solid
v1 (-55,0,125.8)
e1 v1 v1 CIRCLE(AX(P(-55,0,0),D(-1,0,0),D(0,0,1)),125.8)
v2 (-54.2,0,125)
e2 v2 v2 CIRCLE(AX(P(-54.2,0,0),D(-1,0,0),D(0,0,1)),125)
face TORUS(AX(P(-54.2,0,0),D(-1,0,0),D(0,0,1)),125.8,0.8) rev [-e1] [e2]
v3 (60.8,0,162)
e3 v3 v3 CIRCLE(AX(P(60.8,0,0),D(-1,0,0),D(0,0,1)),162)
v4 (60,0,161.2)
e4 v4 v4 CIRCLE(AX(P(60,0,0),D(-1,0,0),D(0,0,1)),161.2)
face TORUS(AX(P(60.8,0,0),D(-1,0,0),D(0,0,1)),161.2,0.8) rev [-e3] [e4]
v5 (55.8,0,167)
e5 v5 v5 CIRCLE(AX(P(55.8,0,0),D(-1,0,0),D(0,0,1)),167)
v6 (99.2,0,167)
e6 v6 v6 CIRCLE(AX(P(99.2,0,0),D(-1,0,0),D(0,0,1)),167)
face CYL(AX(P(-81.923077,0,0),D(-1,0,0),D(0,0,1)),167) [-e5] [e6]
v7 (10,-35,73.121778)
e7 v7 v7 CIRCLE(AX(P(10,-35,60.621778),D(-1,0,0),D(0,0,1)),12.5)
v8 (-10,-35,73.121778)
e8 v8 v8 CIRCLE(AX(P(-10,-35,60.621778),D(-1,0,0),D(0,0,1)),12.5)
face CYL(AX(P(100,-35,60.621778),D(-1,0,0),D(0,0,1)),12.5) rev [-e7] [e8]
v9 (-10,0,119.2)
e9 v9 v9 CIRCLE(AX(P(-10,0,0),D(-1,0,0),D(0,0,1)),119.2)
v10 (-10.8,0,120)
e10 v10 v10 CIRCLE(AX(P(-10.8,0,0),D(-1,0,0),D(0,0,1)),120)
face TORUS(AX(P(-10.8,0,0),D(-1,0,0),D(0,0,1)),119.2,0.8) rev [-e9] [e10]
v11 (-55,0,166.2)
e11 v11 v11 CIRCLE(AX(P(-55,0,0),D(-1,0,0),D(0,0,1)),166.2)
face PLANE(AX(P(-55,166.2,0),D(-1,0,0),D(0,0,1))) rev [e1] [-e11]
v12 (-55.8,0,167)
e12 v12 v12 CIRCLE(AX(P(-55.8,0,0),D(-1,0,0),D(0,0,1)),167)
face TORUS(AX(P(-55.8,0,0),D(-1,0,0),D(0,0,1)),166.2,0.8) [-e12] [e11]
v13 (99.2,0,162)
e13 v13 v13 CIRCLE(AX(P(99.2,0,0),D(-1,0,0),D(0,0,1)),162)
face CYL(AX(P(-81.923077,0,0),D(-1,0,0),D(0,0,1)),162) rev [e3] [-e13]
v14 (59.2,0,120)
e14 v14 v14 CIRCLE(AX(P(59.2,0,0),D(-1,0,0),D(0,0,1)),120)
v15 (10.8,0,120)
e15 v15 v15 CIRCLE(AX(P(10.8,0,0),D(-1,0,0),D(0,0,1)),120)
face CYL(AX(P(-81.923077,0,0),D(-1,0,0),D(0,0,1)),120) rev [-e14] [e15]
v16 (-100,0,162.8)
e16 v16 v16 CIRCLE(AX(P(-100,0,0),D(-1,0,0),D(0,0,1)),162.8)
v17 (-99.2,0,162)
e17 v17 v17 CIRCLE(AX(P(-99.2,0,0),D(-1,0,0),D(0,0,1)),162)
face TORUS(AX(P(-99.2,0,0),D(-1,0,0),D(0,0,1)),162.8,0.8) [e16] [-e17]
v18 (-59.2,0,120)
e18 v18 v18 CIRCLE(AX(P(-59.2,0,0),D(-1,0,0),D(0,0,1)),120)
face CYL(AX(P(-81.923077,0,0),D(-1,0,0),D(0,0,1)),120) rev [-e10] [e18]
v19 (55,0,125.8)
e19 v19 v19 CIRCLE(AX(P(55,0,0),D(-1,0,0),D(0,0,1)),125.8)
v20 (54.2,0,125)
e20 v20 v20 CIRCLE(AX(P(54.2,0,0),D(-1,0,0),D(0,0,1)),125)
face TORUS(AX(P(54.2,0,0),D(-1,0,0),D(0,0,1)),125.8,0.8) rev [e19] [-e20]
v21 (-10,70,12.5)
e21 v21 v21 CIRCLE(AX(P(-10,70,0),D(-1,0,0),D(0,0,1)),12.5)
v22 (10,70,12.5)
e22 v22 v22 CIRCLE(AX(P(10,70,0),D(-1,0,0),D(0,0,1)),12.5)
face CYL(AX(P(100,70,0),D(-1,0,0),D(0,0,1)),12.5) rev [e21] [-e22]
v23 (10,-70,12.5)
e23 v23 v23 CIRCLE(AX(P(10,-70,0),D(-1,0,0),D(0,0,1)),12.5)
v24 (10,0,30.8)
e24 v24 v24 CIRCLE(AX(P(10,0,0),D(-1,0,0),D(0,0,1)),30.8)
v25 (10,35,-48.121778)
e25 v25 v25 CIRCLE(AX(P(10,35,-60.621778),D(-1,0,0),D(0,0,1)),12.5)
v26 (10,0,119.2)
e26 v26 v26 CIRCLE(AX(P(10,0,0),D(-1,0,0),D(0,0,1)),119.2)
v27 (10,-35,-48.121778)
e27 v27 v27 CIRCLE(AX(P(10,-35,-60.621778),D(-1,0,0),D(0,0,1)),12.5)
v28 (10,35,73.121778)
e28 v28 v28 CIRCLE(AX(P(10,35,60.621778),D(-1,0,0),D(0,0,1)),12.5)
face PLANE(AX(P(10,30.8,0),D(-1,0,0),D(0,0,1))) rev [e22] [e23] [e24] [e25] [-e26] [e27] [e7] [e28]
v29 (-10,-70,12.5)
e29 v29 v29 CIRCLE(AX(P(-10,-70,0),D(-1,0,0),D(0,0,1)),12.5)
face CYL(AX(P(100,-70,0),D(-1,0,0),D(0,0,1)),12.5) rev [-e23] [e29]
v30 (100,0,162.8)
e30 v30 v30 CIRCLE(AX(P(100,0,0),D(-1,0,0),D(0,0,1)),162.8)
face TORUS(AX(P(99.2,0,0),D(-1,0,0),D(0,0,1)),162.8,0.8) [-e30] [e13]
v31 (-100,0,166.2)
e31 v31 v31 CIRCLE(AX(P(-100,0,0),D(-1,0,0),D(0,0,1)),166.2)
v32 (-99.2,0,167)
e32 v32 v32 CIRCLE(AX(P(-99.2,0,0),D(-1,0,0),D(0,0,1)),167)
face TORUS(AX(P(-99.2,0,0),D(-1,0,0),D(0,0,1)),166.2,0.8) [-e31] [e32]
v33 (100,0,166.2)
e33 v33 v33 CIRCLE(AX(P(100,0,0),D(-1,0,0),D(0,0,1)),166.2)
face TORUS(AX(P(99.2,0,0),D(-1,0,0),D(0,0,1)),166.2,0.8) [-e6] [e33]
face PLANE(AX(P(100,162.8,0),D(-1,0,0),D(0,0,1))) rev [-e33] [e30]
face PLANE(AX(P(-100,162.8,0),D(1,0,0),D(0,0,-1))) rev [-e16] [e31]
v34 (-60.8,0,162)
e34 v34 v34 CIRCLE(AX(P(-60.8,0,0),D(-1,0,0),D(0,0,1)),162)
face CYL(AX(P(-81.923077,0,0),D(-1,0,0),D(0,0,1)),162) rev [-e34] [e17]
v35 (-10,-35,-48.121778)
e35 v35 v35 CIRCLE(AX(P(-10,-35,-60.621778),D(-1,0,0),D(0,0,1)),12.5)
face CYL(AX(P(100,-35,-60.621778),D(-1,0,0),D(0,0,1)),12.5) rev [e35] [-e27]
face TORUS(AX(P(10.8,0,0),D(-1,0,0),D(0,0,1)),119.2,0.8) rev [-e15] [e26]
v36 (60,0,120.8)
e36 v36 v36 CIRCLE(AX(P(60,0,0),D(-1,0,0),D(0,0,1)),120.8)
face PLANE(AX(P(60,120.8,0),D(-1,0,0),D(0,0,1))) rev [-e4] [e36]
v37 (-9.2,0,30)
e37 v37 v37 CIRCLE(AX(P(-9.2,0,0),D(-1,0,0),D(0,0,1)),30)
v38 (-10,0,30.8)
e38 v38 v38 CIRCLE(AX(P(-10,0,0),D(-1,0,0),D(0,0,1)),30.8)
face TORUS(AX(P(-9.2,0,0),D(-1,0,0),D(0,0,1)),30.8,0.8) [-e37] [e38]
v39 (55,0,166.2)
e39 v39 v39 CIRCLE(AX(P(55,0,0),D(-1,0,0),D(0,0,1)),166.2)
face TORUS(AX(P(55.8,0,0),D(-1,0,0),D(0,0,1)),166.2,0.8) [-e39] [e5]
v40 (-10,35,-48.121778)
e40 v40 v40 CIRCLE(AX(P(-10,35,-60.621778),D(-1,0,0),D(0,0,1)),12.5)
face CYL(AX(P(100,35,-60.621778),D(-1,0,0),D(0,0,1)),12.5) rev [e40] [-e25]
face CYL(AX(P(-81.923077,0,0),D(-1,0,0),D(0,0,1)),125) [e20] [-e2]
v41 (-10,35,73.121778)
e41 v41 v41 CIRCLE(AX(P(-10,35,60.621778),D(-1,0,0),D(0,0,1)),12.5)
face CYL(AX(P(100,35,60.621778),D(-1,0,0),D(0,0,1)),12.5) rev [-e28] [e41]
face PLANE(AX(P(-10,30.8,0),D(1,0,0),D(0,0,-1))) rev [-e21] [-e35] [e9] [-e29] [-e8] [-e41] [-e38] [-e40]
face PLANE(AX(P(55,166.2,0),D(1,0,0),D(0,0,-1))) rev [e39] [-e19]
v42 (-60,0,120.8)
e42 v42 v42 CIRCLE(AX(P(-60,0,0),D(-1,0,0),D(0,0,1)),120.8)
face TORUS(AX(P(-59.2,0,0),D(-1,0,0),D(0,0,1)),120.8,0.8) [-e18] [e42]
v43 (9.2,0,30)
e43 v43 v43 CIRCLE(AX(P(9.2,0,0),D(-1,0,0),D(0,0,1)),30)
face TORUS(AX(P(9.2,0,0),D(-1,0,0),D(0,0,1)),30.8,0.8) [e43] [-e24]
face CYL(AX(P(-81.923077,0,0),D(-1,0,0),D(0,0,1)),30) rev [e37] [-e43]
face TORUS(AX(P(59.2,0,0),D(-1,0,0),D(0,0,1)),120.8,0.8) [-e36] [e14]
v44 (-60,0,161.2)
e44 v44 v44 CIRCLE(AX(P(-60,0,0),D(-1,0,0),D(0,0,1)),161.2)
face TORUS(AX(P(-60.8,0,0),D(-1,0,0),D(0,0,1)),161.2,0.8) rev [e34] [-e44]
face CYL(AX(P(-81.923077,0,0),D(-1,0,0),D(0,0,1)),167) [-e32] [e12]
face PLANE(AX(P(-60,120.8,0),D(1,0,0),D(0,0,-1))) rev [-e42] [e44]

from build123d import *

# Parameters (mm, degrees)
SKETCH2_R          = 12.5
CUT_EXTRUDE1_DEPTH = 111


with BuildPart() as part:
    # Sketch1 → Revolve1 (revolve)
    with BuildSketch(Plane.XY):
        with BuildLine():
            Line((-9.2, 30), (9.2, 30))
            ThreePointArc((9.2, 30), (9.765685425, 30.234314575), (10, 30.8))
            Line((10, 30.8), (10, 119.2))
            ThreePointArc((10, 119.2), (10.234314575, 119.765685425), (10.8, 120))
            Line((10.8, 120), (59.2, 120))
            ThreePointArc((59.2, 120), (59.765685425, 120.234314575), (60, 120.8))
            Line((60, 120.8), (60, 161.2))
            ThreePointArc((60, 161.2), (60.234314575, 161.765685425), (60.8, 162))
            Line((60.8, 162), (99.2, 162))
            ThreePointArc((99.2, 162), (99.765685425, 162.234314575), (100, 162.8))
            Line((100, 162.8), (100, 166.2))
            ThreePointArc((100, 166.2), (99.765685425, 166.765685425), (99.2, 167))
            Line((99.2, 167), (55.8, 167))
            ThreePointArc((55.8, 167), (55.234314575, 166.765685425), (55, 166.2))
            Line((55, 166.2), (55, 125.8))
            ThreePointArc((55, 125.8), (54.765685425, 125.234314575), (54.2, 125))
            Line((54.2, 125), (-54.2, 125))
            ThreePointArc((-54.2, 125), (-54.765685425, 125.234314575), (-55, 125.8))
            Line((-55, 125.8), (-55, 166.2))
            ThreePointArc((-55, 166.2), (-55.234314575, 166.765685425), (-55.8, 167))
            Line((-55.8, 167), (-99.2, 167))
            ThreePointArc((-99.2, 167), (-99.765685425, 166.765685425), (-100, 166.2))
            Line((-100, 166.2), (-100, 162.8))
            ThreePointArc((-100, 162.8), (-99.765685425, 162.234314575), (-99.2, 162))
            Line((-99.2, 162), (-60.8, 162))
            ThreePointArc((-60.8, 162), (-60.234314575, 161.765685425), (-60, 161.2))
            Line((-60, 161.2), (-60, 120.8))
            ThreePointArc((-60, 120.8), (-59.765685425, 120.234314575), (-59.2, 120))
            Line((-59.2, 120), (-10.8, 120))
            ThreePointArc((-10.8, 120), (-10.234314575, 119.765685425), (-10, 119.2))
            Line((-10, 119.2), (-10, 30.8))
            ThreePointArc((-10, 30.8), (-9.765685425, 30.234314575), (-9.2, 30))
        make_face()
    revolve(axis=Axis((-81.923076923, 0, 0), (1, 0, 0)))

    # Sketch2 → Cut-Extrude1 (cut, through all)
    with BuildSketch(Plane.ZY.offset(10)):
        with Locations((0, 70)):
            Circle(SKETCH2_R)
        with Locations((60.621778265, 35)):
            Circle(SKETCH2_R)
        with Locations((60.621778265, -35)):
            Circle(SKETCH2_R)
        with Locations((0, -70)):
            Circle(SKETCH2_R)
        with Locations((-60.621778265, -35)):
            Circle(SKETCH2_R)
        with Locations((-60.621778265, 35)):
            Circle(SKETCH2_R)
    extrude(amount=-CUT_EXTRUDE1_DEPTH, mode=Mode.SUBTRACT)


solid = part.part
